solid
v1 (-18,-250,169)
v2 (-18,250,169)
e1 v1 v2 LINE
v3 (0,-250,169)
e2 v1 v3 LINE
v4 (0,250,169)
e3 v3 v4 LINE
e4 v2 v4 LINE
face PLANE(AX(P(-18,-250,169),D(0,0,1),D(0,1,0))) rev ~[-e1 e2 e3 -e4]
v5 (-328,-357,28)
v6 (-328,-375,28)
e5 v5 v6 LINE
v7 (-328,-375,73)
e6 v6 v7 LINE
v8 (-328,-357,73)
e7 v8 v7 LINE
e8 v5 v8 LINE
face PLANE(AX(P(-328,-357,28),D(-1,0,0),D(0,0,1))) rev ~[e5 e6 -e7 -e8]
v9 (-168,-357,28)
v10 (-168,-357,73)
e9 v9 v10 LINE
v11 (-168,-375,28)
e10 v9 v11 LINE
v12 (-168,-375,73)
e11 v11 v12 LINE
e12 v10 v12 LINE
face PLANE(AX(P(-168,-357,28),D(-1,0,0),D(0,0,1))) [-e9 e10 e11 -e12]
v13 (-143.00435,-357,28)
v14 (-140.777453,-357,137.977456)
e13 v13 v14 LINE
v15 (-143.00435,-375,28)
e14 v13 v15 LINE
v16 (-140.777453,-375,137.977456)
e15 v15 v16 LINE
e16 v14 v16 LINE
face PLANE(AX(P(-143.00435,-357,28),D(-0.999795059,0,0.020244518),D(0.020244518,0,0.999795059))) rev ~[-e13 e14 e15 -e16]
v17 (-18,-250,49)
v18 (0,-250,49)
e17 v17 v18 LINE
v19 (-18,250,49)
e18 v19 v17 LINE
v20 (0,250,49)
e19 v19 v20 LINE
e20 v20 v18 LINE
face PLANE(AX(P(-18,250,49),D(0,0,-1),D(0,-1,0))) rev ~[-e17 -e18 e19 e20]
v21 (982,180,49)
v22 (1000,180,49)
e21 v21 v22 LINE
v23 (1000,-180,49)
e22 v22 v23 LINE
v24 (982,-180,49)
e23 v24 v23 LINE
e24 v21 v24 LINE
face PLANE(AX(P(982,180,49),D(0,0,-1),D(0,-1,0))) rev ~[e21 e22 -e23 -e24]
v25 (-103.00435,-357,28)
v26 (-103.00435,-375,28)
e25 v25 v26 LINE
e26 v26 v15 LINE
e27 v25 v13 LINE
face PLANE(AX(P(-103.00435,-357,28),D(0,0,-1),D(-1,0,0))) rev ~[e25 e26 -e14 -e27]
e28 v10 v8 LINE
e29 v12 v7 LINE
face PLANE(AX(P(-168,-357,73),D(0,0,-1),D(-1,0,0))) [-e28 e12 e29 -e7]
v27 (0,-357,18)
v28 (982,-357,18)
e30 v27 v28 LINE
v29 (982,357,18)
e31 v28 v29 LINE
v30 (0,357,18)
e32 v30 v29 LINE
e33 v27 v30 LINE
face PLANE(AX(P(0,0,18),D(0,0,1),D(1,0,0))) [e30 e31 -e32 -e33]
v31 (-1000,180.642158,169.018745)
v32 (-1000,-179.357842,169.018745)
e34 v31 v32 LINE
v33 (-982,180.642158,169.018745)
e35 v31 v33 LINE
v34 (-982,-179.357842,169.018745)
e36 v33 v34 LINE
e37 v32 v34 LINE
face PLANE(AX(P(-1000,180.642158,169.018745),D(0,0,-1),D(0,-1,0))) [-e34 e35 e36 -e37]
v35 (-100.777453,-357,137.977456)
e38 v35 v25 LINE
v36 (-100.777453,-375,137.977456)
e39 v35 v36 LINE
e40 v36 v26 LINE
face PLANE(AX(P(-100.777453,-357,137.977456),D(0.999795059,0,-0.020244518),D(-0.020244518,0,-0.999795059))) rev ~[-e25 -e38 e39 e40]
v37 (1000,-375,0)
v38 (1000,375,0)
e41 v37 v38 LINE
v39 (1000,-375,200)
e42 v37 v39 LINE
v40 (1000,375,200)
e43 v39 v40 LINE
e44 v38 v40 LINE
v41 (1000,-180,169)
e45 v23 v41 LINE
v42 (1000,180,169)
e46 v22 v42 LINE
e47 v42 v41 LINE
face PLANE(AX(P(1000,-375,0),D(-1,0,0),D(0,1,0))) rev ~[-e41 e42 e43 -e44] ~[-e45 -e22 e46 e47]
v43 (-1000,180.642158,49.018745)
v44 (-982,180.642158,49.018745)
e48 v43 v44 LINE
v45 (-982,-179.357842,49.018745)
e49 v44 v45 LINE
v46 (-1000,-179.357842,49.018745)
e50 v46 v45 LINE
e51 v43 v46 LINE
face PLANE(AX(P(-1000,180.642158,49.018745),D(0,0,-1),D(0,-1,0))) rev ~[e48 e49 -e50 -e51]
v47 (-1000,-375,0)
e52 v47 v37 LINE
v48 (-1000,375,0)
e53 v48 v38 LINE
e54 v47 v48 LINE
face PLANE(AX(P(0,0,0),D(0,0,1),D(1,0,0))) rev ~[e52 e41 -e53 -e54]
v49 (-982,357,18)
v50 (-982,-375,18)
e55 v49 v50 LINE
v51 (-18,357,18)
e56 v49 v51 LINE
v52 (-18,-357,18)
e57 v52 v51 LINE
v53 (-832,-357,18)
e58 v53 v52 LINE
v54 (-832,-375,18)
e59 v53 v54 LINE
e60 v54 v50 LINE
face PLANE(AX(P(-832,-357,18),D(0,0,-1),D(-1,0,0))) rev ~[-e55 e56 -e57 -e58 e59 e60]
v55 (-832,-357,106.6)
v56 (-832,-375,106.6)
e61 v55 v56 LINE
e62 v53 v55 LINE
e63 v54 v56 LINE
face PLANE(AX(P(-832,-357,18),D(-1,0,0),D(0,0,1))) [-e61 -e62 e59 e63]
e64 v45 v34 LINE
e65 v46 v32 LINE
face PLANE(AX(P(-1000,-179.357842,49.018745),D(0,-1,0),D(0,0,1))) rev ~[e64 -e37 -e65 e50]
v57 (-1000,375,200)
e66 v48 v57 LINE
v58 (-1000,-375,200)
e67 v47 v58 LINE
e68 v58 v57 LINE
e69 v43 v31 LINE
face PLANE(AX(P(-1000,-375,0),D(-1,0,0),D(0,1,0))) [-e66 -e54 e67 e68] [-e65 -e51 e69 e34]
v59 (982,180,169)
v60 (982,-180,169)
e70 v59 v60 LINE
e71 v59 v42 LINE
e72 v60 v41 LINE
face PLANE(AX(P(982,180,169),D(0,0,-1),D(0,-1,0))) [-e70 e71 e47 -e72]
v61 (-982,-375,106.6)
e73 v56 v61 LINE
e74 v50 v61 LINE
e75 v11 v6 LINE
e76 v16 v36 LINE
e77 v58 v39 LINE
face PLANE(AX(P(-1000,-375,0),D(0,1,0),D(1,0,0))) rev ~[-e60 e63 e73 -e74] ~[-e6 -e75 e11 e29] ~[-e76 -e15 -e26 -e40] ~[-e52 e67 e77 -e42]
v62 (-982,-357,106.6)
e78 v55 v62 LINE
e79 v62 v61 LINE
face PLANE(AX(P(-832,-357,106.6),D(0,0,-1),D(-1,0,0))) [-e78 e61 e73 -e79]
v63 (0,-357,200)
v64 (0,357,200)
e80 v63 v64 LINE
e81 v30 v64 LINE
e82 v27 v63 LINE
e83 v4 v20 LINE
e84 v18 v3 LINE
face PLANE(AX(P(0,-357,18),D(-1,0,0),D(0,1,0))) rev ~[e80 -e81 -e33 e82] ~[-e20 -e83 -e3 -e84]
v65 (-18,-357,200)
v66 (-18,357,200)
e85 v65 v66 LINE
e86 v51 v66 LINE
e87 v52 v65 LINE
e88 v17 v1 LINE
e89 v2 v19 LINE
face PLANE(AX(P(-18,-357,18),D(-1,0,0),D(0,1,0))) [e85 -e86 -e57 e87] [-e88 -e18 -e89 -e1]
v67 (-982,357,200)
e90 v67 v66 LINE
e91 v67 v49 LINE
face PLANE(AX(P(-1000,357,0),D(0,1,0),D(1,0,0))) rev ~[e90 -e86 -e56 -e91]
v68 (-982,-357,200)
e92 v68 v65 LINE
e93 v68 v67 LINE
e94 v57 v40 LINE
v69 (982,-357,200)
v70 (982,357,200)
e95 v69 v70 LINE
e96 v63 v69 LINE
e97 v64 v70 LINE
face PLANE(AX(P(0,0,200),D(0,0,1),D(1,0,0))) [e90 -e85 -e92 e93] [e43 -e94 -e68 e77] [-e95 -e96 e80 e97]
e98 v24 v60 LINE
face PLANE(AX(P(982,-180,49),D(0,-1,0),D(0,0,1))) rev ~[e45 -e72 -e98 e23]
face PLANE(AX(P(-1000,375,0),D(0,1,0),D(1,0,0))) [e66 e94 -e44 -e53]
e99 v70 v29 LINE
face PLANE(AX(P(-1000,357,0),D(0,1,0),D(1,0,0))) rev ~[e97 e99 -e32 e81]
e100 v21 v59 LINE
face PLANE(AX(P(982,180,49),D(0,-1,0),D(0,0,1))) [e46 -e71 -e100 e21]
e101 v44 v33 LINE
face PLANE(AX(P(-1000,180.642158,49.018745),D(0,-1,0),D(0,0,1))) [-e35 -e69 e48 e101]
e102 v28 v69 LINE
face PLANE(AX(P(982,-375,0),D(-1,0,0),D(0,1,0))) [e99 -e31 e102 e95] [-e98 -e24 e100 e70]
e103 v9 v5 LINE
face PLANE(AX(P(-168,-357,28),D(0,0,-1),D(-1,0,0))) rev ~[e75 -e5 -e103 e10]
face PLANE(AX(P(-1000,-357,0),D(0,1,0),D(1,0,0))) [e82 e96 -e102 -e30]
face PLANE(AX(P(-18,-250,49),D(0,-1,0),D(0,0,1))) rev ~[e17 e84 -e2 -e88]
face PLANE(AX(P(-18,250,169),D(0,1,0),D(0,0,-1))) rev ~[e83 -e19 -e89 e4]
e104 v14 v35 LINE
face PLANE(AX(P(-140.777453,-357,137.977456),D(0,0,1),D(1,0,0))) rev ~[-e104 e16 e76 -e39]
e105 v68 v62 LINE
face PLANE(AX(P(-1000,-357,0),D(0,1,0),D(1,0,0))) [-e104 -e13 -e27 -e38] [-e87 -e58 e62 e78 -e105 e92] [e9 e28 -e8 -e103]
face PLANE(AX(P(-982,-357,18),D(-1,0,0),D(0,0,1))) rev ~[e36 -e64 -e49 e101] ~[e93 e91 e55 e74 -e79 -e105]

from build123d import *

# Parameters (mm, degrees)
F0_W       = 2000
F0_H       = 750
F1_DEPTH   = 200
F2_T       = -18
F3_W       = 18
F3_H       = 714
F4_DEPTH   = 182
F6_DEPTH   = 25
F7_W       = 150
F7_H       = 88.6
F7_W_2     = 160
F7_H_2     = 45
F8_DEPTH   = 25
F9_DEPTH   = 25
F10_DEPTH  = 25
F11_W      = 360
F11_H      = 120
F12_DEPTH  = 25
F12_FACE_W = 360
F12_FACE_H = 120
F13_DEPTH  = 25
F14_DEPTH  = 25
F15_W      = 360
F15_H      = 120
F16_DEPTH  = 20


with BuildPart() as f1:
    # F0 (on Top) → F1 (new body)
    with BuildSketch(Plane.XY):
        Rectangle(F0_W, F0_H)
    extrude(amount=F1_DEPTH)

    # F2
    f2_openings = [f1.faces().sort_by_distance(p)[0] for p in [
        (0, 0, 200),
    ]]
    offset(amount=F2_T, openings=f2_openings)

    # F3 (on face) → F4 (join)
    with BuildSketch(Plane.XY.offset(18)):
        with Locations((-9, 0)):
            Rectangle(F3_W, F3_H)
    extrude(amount=F4_DEPTH)

    # F5 (on face) → F6 (cut)
    with BuildSketch(Plane(origin=(-18, 0, 0), x_dir=(0, -1, 0), z_dir=(-1, 0, 0))):
        Polygon((250, 169), (0, 169), (-250, 169), (-250, 49), (250, 49), align=None)
    extrude(amount=-F6_DEPTH, mode=Mode.SUBTRACT)

    # F7 (on face) → F8 (cut)
    with BuildSketch(Plane(origin=(0, -357, 0), x_dir=(-1, 0, 0), z_dir=(0, 1, 0))):
        with Locations((907, 62.3)):
            Rectangle(F7_W, F7_H)
        Polygon((103.00435, 28), (143.00435, 28), (140.777453, 137.977456), (100.777453, 137.977456), align=None)
        with Locations((248, 50.5)):
            Rectangle(F7_W_2, F7_H_2)
    extrude(amount=-F8_DEPTH, mode=Mode.SUBTRACT)

    # F7 (on face) → F9 (cut)
    with BuildSketch(Plane(origin=(0, -357, 0), x_dir=(-1, 0, 0), z_dir=(0, 1, 0))):
        with Locations((907, 62.3)):
            Rectangle(F7_W, F7_H)
        Polygon((103.00435, 28), (143.00435, 28), (140.777453, 137.977456), (100.777453, 137.977456), align=None)
        with Locations((248, 50.5)):
            Rectangle(F7_W_2, F7_H_2)
    extrude(amount=-F9_DEPTH, mode=Mode.SUBTRACT)

    # F7 (on face) → F10 (cut)
    with BuildSketch(Plane(origin=(0, -357, 0), x_dir=(-1, 0, 0), z_dir=(0, 1, 0))):
        with Locations((907, 62.3)):
            Rectangle(F7_W, F7_H)
        Polygon((103.00435, 28), (143.00435, 28), (140.777453, 137.977456), (100.777453, 137.977456), align=None)
        with Locations((248, 50.5)):
            Rectangle(F7_W_2, F7_H_2)
    extrude(amount=-F10_DEPTH, mode=Mode.SUBTRACT)

    # F11 (on face) → F12 (join)
    with BuildSketch(Plane(origin=(982, 0, 0), x_dir=(0, -1, 0), z_dir=(-1, 0, 0))):
        with Locations((0, 109)):
            Rectangle(F11_W, F11_H)
    extrude(amount=F12_DEPTH)

    # F12_face (on face) → F13 (cut)
    with BuildSketch(Plane(origin=(957, 0, 109), x_dir=(0, -1, 0), z_dir=(-1, 0, 0))):
        Rectangle(F12_FACE_W, F12_FACE_H)
    extrude(amount=-F13_DEPTH, mode=Mode.SUBTRACT)

    # F11 (on face) → F14 (cut)
    with BuildSketch(Plane(origin=(982, 0, 0), x_dir=(0, -1, 0), z_dir=(-1, 0, 0))):
        with Locations((0, 109)):
            Rectangle(F11_W, F11_H)
    extrude(amount=-F14_DEPTH, mode=Mode.SUBTRACT)

    # F15 (on face) → F16 (cut)
    with BuildSketch(Plane(origin=(-1000, 0, 0), x_dir=(0, -1, 0), z_dir=(-1, 0, 0))):
        with Locations((-0.642158, 109.018745)):
            Rectangle(F15_W, F15_H)
    extrude(amount=-F16_DEPTH, mode=Mode.SUBTRACT)


solid = f1.part
